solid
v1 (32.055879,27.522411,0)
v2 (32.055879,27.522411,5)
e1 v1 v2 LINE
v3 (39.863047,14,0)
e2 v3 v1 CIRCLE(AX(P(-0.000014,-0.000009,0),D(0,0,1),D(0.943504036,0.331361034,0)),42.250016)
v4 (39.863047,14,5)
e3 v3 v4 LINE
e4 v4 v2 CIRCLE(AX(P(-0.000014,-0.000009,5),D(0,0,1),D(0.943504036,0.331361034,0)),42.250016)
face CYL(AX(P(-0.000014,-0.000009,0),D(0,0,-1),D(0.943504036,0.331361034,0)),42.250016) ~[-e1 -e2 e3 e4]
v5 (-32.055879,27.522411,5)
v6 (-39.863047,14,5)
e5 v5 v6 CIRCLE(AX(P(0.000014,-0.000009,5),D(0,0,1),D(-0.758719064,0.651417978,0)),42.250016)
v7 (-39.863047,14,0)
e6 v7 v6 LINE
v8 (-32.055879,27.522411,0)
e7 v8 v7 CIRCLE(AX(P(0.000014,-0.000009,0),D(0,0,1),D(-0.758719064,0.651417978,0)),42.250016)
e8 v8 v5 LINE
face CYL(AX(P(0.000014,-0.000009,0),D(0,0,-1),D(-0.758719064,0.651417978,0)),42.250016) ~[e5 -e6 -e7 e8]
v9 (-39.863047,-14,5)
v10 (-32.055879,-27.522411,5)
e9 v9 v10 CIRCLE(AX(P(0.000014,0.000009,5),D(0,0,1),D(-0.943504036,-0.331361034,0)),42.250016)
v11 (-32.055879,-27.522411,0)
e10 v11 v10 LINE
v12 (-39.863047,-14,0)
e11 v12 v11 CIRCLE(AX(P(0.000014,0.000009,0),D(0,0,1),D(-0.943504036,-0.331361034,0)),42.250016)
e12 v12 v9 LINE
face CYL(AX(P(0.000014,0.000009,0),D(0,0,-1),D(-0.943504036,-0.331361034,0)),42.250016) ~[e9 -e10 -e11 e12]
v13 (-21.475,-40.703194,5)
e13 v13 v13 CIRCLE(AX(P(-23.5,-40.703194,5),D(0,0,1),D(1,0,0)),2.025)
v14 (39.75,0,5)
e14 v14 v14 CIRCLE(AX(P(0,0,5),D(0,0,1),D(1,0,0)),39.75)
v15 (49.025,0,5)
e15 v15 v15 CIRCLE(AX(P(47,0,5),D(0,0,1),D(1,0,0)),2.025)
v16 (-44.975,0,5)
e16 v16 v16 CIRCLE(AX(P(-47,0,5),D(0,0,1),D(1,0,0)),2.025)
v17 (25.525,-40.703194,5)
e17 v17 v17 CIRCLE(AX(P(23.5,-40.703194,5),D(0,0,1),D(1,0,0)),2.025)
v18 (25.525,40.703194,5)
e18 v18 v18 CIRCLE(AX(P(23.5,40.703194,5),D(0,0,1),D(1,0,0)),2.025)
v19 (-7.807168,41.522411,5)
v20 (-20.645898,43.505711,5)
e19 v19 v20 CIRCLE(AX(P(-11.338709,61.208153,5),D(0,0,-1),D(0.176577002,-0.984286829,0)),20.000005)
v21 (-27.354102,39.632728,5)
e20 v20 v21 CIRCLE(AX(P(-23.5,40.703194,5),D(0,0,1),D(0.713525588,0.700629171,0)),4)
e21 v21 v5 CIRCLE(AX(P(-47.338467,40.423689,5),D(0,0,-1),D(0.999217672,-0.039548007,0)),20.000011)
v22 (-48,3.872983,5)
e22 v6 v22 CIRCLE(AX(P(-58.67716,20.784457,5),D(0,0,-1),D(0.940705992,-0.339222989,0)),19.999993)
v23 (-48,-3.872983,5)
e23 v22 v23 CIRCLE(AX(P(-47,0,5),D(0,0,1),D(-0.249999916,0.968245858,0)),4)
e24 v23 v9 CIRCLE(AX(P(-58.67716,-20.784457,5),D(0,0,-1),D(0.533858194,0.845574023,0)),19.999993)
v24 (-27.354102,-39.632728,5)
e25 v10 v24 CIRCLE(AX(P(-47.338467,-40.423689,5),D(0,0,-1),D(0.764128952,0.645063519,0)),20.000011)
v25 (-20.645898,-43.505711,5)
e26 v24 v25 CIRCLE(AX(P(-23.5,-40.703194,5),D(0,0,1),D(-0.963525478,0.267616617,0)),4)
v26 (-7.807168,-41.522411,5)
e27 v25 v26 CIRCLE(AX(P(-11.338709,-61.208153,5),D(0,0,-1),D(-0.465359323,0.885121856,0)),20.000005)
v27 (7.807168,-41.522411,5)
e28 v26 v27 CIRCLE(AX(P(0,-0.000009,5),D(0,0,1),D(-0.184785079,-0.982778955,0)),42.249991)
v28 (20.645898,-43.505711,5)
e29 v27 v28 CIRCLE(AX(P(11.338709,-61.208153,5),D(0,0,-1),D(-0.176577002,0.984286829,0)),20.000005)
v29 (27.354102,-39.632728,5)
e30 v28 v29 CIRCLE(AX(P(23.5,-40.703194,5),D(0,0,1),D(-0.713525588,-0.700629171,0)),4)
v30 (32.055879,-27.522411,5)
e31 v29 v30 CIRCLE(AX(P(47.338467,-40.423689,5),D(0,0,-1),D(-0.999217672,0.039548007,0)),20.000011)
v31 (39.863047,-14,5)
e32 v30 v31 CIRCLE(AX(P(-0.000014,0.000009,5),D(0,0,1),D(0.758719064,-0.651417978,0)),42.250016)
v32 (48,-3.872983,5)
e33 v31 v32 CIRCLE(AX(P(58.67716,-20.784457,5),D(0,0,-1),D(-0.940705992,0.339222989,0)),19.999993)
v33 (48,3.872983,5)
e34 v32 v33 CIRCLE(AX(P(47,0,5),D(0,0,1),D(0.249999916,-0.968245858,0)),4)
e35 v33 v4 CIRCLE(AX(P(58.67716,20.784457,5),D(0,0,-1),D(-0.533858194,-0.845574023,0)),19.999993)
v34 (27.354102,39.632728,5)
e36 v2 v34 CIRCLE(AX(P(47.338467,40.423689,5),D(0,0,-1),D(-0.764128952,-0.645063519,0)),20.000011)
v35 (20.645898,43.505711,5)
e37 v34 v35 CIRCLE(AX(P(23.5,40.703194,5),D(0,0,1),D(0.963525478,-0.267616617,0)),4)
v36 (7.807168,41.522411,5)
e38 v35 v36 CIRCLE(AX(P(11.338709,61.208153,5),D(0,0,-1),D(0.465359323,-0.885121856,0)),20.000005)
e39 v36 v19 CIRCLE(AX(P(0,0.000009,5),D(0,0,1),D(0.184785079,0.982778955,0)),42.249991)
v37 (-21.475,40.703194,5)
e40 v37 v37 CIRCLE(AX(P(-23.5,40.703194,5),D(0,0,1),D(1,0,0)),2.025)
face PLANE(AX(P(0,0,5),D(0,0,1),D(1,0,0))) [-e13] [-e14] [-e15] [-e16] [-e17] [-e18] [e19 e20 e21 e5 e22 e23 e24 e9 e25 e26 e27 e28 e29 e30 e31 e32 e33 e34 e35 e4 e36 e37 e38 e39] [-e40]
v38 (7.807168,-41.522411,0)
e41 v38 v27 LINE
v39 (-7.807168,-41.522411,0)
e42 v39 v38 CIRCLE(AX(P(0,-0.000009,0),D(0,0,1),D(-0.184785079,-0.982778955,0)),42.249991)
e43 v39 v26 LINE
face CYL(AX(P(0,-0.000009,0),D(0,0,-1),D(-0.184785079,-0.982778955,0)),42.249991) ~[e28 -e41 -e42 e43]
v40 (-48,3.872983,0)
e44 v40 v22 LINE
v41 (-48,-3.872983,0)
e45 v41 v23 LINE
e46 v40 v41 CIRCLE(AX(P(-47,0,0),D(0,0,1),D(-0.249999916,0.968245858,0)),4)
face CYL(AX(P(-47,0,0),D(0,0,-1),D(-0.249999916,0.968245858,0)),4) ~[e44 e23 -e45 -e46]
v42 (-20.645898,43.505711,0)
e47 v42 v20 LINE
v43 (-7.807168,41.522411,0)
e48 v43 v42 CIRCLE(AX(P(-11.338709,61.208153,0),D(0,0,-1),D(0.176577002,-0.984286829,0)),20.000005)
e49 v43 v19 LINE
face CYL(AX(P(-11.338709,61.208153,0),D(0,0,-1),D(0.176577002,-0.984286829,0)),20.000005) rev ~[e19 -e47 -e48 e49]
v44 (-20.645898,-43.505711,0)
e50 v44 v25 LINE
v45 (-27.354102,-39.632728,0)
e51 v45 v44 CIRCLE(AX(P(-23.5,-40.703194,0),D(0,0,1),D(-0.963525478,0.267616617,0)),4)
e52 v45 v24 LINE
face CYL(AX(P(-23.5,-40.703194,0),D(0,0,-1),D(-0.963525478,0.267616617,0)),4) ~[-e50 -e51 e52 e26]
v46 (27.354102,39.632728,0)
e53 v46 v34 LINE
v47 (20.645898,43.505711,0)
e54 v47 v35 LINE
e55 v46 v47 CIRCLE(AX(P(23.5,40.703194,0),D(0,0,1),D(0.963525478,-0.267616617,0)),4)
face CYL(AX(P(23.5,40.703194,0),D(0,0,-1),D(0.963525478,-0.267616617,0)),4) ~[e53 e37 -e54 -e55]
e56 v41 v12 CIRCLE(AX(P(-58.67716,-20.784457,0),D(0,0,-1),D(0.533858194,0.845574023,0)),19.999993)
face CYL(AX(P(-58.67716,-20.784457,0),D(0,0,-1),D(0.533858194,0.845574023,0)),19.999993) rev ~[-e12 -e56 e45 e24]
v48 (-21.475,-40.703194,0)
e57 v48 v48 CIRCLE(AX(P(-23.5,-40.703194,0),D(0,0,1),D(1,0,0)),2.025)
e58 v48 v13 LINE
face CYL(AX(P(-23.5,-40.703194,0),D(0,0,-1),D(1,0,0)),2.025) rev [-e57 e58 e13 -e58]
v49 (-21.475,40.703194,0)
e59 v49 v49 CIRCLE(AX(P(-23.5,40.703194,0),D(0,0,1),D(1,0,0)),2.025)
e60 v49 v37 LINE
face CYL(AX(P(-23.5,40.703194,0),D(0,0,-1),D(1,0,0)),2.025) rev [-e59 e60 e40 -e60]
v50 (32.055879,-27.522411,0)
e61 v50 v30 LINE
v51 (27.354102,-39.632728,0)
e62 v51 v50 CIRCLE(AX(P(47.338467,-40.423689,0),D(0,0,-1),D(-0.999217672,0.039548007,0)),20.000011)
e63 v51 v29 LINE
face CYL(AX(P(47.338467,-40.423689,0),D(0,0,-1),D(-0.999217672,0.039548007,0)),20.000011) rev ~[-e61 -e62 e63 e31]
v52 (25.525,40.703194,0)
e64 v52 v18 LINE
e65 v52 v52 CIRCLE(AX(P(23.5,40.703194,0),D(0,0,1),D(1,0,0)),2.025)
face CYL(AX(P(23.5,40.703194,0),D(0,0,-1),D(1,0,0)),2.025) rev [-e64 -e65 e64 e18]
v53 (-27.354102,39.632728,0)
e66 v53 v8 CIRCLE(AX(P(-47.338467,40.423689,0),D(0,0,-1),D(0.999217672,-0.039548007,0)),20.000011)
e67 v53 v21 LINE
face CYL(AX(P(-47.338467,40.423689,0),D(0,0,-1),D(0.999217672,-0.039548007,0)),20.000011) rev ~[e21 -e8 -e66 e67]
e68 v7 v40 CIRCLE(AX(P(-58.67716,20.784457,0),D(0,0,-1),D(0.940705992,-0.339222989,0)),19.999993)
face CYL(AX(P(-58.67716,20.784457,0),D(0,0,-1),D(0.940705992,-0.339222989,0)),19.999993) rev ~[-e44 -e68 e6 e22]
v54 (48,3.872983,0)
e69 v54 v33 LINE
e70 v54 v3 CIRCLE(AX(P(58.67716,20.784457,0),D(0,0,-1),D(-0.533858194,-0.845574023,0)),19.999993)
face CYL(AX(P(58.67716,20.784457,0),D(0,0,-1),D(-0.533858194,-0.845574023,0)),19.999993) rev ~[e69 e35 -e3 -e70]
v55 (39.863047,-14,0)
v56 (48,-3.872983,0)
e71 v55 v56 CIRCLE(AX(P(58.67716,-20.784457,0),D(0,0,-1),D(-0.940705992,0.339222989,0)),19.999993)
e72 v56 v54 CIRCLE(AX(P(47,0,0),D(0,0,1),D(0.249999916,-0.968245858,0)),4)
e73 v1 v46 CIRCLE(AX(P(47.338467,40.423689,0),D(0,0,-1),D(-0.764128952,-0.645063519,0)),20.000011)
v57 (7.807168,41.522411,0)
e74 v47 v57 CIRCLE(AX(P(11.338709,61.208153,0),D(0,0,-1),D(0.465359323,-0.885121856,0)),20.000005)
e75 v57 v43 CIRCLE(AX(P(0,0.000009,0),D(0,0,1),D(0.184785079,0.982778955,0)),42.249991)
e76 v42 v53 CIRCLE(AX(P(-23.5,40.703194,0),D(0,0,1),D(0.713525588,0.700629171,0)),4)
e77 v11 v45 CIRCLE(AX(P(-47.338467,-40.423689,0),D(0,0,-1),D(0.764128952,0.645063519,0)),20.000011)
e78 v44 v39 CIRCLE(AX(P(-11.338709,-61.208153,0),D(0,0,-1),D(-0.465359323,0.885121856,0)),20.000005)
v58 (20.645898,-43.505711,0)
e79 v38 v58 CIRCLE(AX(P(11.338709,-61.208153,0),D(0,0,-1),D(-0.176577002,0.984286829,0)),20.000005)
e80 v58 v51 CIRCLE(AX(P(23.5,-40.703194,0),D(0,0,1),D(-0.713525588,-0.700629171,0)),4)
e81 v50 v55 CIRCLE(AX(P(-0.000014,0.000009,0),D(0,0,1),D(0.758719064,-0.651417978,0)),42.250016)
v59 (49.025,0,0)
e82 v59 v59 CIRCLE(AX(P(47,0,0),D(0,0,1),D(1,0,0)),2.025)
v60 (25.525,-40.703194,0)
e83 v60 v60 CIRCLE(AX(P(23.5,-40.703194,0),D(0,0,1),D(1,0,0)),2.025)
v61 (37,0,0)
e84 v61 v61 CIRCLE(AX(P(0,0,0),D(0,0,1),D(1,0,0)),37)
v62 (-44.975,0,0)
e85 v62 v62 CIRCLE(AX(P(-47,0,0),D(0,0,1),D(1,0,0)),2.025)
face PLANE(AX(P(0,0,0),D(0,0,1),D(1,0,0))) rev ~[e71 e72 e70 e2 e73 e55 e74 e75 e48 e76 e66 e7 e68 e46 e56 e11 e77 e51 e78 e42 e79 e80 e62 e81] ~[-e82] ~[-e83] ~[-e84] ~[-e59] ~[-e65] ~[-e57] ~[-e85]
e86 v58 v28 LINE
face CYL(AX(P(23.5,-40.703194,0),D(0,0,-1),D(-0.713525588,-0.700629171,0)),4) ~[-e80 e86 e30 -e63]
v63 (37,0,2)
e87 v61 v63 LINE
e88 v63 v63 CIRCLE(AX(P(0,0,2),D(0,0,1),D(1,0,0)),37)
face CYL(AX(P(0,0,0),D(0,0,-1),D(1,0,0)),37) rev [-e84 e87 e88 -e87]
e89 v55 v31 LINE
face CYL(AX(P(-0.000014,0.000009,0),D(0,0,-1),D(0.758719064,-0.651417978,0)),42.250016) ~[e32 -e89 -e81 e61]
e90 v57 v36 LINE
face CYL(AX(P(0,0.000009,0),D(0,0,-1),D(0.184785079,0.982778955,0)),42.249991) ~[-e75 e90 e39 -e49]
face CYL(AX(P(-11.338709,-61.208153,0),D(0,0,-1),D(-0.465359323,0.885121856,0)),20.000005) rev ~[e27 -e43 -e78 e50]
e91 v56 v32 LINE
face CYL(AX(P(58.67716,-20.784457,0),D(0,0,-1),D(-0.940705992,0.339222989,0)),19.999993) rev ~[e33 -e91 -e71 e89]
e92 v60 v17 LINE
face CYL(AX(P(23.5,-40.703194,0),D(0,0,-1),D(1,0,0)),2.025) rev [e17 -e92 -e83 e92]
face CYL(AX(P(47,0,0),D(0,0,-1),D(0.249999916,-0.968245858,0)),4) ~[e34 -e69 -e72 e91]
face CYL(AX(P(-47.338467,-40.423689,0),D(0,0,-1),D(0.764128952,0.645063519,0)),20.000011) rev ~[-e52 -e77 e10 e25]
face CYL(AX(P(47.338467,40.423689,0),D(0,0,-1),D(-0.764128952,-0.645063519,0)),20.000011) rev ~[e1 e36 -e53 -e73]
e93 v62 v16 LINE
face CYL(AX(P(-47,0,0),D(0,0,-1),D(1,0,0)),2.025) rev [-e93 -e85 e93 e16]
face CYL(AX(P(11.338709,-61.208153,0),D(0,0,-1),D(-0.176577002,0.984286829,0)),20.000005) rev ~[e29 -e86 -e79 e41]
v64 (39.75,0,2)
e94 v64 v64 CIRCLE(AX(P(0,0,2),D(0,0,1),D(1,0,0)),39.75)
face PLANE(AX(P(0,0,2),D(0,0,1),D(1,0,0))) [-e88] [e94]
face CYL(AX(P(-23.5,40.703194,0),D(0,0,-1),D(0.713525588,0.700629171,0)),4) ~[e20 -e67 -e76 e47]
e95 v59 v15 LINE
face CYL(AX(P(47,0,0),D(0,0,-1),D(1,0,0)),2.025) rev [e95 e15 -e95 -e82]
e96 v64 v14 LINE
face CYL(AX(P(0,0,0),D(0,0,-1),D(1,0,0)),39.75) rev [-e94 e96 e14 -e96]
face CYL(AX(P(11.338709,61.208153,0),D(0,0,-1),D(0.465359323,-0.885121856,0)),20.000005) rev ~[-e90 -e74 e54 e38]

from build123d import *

# Parameters (mm, degrees)
F0_R     = 39.75
F0_R_2   = 37
F1_DEPTH = 2
F0_R_3   = 2.025
F2_DEPTH = 5


with BuildPart() as f1:
    # F0 (on Top) → F1 (new body)
    with BuildSketch(Plane.XY):
        Circle(F0_R)
        Circle(F0_R_2, mode=Mode.SUBTRACT)
    extrude(amount=F1_DEPTH)

    # F0 (on Top) → F2 (join)
    with BuildSketch(Plane.XY):
        with BuildLine():
            ThreePointArc((-27.354102, 39.632728), (-28.694314, 33.185179), (-32.055879, 27.522411))
            ThreePointArc((-32.055879, 27.522411), (-36.589573, 21.125), (-39.863047, 14))
            ThreePointArc((-39.863047, 14), (-43.086364, 8.257415), (-48, 3.872983))
            ThreePointArc((-48, 3.872983), (-51, 0), (-48, -3.872983))
            ThreePointArc((-48, -3.872983), (-43.086364, -8.257415), (-39.863047, -14))
            ThreePointArc((-39.863047, -14), (-36.589573, -21.125), (-32.055879, -27.522411))
            ThreePointArc((-32.055879, -27.522411), (-28.694314, -33.185179), (-27.354102, -39.632728))
            ThreePointArc((-27.354102, -39.632728), (-25.5, -44.167296), (-20.645898, -43.505711))
            ThreePointArc((-20.645898, -43.505711), (-14.392051, -41.442594), (-7.807168, -41.522411))
            ThreePointArc((-7.807168, -41.522411), (0, -42.25), (7.807168, -41.522411))
            ThreePointArc((7.807168, -41.522411), (14.392051, -41.442594), (20.645898, -43.505711))
            ThreePointArc((20.645898, -43.505711), (25.5, -44.167296), (27.354102, -39.632728))
            ThreePointArc((27.354102, -39.632728), (28.694314, -33.185179), (32.055879, -27.522411))
            ThreePointArc((32.055879, -27.522411), (36.589573, -21.125), (39.863047, -14))
            ThreePointArc((39.863047, -14), (43.086364, -8.257415), (48, -3.872983))
            ThreePointArc((48, -3.872983), (51, 0), (48, 3.872983))
            ThreePointArc((48, 3.872983), (43.086364, 8.257415), (39.863047, 14))
            ThreePointArc((39.863047, 14), (36.589573, 21.125), (32.055879, 27.522411))
            ThreePointArc((32.055879, 27.522411), (28.694314, 33.185179), (27.354102, 39.632728))
            ThreePointArc((27.354102, 39.632728), (25.5, 44.167296), (20.645898, 43.505711))
            ThreePointArc((20.645898, 43.505711), (14.392051, 41.442594), (7.807168, 41.522411))
            ThreePointArc((7.807168, 41.522411), (0, 42.25), (-7.807168, 41.522411))
            ThreePointArc((-7.807168, 41.522411), (-14.392051, 41.442594), (-20.645898, 43.505711))
            ThreePointArc((-20.645898, 43.505711), (-25.5, 44.167296), (-27.354102, 39.632728))
        make_face()
        with Locations((-23.5, -40.703194)):
            Circle(F0_R_3, mode=Mode.SUBTRACT)
        with Locations((23.5, -40.703194)):
            Circle(F0_R_3, mode=Mode.SUBTRACT)
        with Locations((-47, 0)):
            Circle(F0_R_3, mode=Mode.SUBTRACT)
        with Locations((-23.5, 40.703194)):
            Circle(F0_R_3, mode=Mode.SUBTRACT)
        Circle(F0_R, mode=Mode.SUBTRACT)
        with Locations((47, 0)):
            Circle(F0_R_3, mode=Mode.SUBTRACT)
        with Locations((23.5, 40.703194)):
            Circle(F0_R_3, mode=Mode.SUBTRACT)
    extrude(amount=F2_DEPTH)


solid = f1.part
